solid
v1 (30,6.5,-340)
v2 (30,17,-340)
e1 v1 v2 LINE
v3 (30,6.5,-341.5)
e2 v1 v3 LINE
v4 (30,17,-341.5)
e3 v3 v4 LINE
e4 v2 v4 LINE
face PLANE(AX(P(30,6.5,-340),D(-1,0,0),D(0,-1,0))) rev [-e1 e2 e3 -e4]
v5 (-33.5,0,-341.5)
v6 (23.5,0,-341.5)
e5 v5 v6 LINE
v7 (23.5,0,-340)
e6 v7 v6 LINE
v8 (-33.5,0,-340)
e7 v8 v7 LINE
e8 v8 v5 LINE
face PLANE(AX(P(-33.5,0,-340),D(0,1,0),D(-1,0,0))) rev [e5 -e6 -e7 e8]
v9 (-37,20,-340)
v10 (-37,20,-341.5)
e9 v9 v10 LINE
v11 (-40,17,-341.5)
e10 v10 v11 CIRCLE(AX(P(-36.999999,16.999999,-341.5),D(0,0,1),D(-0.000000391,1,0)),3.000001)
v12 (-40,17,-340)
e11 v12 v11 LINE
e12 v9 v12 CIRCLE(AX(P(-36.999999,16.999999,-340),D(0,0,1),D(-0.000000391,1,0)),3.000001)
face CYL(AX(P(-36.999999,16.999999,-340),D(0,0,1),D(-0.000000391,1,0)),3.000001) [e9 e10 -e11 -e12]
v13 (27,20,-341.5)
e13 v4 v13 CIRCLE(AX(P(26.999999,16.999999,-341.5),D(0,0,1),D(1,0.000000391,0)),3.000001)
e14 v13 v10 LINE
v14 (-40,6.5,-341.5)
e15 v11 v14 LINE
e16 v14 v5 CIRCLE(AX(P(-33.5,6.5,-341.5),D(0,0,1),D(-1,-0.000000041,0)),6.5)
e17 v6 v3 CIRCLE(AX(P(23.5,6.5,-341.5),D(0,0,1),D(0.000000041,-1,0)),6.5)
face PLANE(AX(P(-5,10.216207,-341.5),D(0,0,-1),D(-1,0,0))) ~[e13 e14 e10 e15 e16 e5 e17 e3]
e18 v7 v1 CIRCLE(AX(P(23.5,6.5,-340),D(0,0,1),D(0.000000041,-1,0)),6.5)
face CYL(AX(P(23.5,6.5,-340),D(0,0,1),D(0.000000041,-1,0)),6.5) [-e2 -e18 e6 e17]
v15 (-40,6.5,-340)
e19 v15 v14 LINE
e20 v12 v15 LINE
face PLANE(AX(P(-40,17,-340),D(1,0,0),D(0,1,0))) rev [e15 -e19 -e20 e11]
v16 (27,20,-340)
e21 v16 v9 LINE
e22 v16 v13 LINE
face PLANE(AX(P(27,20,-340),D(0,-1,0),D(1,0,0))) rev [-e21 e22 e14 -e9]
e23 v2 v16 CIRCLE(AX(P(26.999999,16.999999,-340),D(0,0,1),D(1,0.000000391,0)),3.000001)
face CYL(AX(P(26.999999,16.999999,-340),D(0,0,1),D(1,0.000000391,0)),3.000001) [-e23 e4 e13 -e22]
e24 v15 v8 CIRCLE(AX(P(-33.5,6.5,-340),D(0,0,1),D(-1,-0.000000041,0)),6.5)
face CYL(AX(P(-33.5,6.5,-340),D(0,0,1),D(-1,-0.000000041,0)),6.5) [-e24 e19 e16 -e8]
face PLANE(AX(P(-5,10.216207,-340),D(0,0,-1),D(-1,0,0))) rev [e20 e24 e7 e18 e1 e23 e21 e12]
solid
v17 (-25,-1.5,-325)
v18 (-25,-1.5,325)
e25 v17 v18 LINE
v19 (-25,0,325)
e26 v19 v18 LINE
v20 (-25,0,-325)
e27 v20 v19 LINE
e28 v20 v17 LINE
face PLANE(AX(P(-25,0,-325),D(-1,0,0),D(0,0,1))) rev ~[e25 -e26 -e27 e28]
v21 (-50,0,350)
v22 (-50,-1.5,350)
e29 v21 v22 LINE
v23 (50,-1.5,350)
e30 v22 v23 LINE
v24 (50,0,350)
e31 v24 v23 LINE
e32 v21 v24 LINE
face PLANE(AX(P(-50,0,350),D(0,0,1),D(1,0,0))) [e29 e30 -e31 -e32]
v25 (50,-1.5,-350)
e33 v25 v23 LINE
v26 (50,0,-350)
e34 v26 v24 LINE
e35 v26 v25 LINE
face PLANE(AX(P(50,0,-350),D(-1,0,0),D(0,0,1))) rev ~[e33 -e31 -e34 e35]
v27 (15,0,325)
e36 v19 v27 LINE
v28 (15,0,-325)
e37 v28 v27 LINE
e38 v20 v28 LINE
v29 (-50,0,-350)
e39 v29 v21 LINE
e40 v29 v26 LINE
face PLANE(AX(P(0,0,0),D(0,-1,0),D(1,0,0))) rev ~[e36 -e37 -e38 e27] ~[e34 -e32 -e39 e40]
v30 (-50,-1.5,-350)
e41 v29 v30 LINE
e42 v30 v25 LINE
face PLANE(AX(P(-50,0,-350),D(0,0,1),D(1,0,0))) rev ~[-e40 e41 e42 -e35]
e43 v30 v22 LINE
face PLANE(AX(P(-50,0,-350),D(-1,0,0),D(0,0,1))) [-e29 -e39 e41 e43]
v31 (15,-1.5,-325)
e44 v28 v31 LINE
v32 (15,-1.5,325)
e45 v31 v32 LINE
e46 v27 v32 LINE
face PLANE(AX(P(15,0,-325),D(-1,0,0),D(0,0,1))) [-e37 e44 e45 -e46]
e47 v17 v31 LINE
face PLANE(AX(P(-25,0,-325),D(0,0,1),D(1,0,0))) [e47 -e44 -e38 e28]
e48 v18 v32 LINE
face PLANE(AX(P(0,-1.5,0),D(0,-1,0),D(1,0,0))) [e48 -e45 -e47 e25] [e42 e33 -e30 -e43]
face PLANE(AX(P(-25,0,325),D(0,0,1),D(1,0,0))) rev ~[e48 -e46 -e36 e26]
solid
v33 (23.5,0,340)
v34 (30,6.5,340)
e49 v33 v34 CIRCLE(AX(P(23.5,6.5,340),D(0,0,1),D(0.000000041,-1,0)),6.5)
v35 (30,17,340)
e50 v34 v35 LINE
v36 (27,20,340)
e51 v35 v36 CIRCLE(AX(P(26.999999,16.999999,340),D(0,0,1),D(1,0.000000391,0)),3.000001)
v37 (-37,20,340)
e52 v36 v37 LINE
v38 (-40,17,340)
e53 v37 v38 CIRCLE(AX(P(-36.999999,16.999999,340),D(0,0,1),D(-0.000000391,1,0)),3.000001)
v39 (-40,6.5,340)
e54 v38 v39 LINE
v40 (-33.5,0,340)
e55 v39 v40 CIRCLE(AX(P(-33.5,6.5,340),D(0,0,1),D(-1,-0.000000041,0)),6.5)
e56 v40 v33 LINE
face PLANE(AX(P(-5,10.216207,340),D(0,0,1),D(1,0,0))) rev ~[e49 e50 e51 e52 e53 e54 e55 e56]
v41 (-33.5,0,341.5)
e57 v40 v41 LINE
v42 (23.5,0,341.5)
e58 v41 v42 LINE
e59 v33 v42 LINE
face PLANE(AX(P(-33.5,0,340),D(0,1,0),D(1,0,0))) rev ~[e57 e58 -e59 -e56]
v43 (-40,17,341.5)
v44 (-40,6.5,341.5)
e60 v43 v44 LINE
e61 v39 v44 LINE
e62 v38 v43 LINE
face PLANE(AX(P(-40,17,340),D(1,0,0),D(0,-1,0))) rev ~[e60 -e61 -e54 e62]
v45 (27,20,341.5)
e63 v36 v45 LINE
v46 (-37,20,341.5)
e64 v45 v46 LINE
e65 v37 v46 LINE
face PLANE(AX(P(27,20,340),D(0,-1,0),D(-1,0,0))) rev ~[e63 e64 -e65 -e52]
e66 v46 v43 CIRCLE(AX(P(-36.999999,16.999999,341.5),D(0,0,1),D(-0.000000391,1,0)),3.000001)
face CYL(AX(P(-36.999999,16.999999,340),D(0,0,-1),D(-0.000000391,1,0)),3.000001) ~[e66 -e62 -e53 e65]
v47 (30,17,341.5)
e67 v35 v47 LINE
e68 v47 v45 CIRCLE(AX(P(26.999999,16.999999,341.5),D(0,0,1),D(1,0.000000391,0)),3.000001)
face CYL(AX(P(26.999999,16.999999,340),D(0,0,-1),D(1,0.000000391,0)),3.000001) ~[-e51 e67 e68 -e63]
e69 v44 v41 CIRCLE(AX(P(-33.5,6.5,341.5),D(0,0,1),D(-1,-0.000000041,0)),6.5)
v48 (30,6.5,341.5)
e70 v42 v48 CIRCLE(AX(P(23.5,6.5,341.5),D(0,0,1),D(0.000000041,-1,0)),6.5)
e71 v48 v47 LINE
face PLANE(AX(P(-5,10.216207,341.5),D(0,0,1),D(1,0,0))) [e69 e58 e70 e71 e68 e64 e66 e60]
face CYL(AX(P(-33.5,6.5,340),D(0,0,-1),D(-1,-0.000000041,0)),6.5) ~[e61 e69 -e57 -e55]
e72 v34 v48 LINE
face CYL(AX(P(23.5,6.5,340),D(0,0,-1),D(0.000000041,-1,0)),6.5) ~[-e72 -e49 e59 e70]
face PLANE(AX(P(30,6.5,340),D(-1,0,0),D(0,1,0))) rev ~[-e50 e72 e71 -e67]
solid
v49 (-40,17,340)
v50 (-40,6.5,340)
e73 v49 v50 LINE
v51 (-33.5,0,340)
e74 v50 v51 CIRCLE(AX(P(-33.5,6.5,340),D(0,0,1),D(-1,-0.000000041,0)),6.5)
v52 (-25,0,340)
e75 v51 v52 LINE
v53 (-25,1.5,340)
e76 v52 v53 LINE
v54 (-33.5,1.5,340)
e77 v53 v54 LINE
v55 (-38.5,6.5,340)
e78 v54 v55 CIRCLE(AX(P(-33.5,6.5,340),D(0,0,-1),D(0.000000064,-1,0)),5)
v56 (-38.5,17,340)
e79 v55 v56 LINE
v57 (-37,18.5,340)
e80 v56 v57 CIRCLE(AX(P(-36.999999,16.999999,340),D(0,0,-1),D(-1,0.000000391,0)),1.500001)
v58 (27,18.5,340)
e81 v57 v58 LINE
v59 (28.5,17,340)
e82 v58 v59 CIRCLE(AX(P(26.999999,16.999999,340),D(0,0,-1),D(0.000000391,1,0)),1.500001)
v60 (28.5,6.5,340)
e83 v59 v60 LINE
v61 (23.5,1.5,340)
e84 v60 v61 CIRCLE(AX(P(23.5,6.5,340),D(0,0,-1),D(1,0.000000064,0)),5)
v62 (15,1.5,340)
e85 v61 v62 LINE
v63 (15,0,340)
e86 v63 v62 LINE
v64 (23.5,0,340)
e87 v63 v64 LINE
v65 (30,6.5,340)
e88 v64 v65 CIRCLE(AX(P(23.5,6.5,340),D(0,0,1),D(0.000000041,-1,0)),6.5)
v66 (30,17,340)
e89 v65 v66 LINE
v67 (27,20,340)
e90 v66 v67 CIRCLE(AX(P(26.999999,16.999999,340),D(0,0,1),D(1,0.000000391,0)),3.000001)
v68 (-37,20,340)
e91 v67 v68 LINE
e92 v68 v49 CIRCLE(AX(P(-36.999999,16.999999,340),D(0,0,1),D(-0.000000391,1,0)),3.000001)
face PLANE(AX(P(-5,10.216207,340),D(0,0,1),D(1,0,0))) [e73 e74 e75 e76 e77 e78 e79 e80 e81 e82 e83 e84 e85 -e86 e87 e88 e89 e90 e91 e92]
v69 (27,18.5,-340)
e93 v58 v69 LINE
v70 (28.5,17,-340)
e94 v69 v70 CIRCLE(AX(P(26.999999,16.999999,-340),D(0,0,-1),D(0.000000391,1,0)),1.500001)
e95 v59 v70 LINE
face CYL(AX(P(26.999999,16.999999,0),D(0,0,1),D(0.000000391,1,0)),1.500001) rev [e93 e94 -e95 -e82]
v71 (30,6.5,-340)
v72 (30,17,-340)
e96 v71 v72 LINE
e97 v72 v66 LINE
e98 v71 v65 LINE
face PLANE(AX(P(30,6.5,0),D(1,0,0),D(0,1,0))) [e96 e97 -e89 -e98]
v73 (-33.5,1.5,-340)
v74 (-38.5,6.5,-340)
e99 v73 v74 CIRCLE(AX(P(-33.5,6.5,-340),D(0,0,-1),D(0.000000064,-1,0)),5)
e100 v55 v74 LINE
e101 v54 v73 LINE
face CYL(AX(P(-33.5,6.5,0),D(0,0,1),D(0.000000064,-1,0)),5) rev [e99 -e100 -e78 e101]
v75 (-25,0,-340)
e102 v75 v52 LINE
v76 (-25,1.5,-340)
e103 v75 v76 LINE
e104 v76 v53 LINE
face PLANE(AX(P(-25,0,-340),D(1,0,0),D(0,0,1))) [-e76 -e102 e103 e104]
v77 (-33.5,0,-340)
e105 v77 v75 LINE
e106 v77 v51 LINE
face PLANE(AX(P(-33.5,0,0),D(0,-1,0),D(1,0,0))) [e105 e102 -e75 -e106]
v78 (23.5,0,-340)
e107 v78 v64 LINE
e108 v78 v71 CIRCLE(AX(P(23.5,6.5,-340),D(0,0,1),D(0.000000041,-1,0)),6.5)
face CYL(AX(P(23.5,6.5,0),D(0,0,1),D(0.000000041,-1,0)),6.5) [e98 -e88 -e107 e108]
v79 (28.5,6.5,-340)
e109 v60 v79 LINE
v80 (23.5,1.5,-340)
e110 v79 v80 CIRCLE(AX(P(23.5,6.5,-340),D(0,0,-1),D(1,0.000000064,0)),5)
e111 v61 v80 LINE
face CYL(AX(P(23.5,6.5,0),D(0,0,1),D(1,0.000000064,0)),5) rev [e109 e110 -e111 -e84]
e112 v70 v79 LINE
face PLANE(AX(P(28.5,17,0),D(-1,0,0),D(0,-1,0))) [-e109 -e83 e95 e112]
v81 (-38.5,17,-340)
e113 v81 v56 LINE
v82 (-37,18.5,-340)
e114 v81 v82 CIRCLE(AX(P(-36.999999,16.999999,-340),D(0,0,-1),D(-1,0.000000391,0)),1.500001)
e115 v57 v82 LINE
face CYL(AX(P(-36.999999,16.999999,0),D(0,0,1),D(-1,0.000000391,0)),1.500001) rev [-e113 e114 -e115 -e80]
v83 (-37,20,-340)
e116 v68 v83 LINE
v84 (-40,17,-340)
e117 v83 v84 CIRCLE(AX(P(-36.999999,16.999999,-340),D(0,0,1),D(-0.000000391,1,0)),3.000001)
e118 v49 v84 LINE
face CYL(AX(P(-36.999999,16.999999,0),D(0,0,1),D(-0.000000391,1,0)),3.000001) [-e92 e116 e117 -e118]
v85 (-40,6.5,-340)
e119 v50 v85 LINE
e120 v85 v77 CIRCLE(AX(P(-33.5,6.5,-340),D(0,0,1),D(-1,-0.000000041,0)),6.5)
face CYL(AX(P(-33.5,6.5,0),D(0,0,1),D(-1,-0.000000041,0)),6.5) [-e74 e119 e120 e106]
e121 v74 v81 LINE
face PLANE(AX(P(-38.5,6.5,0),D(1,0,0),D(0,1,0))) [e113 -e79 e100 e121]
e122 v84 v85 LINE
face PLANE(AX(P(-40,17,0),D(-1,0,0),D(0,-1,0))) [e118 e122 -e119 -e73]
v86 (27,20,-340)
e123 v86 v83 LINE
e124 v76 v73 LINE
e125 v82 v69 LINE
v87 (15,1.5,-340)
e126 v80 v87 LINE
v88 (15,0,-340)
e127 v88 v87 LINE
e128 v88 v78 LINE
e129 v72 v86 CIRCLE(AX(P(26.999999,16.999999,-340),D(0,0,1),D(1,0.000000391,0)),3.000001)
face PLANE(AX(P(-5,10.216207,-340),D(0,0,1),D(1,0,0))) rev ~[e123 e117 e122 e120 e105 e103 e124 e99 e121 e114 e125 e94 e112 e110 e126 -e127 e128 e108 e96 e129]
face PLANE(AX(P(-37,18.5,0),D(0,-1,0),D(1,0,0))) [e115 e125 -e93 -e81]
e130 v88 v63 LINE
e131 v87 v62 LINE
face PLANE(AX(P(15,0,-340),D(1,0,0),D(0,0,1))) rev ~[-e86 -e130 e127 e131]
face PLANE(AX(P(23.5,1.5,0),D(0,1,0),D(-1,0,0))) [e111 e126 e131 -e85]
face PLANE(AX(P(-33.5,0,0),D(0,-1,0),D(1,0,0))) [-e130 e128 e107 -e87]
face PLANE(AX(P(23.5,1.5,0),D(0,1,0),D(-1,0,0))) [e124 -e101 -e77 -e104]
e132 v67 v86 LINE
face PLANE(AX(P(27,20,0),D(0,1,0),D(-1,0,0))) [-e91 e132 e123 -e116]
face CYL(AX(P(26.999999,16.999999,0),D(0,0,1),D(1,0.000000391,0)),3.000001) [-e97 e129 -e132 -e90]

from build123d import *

# Parameters (mm, degrees)
F0_W     = 100
F0_H     = 700
F0_W_2   = 40
F0_H_2   = 650
F1_DEPTH = 1.5
F3_DEPTH = 340
F4_W     = 40
F4_H     = 680
F5_DEPTH = 1.5
F7_DEPTH = 1.5


with BuildPart() as f1:
    # F0 (on Front) → F1 (new body)
    with BuildSketch(Plane.XZ):
        Rectangle(F0_W, F0_H)
        with Locations((-5, 0)):
            Rectangle(F0_W_2, F0_H_2, mode=Mode.SUBTRACT)
    extrude(amount=F1_DEPTH)


with BuildPart() as f3:
    # F2 (on Top) → F3 (new body, symmetric)
    with BuildSketch(Plane.XY):
        with BuildLine():
            ThreePointArc((-40, 6.5), (-38.096194, 1.903806), (-33.5, 0))
            Line((-33.5, 0), (23.5, 0))
            ThreePointArc((23.5, 0), (28.096194, 1.903806), (30, 6.5))
            Line((30, 6.5), (30, 17))
            ThreePointArc((30, 17), (29.12132, 19.12132), (27, 20))
            Line((27, 20), (-37, 20))
            ThreePointArc((-37, 20), (-39.12132, 19.12132), (-40, 17))
            Line((-40, 17), (-40, 6.5))
        make_face()
        with BuildLine():
            ThreePointArc((-38.5, 17), (-38.06066, 18.06066), (-37, 18.5))
            Line((-37, 18.5), (27, 18.5))
            ThreePointArc((27, 18.5), (28.06066, 18.06066), (28.5, 17))
            Line((28.5, 17), (28.5, 6.5))
            ThreePointArc((28.5, 6.5), (27.035534, 2.964466), (23.5, 1.5))
            Line((23.5, 1.5), (-33.5, 1.5))
            ThreePointArc((-33.5, 1.5), (-37.035534, 2.964466), (-38.5, 6.5))
            Line((-38.5, 6.5), (-38.5, 17))
        make_face(mode=Mode.SUBTRACT)
    extrude(amount=F3_DEPTH, both=True)

    # F4 (on face) → F5 (cut, through all)
    with BuildSketch(Plane.XZ):
        with Locations((-5, 0)):
            Rectangle(F4_W, F4_H)
    extrude(amount=-F5_DEPTH, mode=Mode.SUBTRACT)


with BuildPart() as f7:
    # F6 (on face) → F7 (new body)
    with BuildSketch(Plane.XY.offset(340)):
        with BuildLine():
            Line((27, 20), (-37, 20))
            ThreePointArc((-37, 20), (-39.12132, 19.12132), (-40, 17))
            Line((-40, 17), (-40, 6.5))
            ThreePointArc((-40, 6.5), (-38.096194, 1.903806), (-33.5, 0))
            Line((-33.5, 0), (23.5, 0))
            ThreePointArc((23.5, 0), (28.096194, 1.903806), (30, 6.5))
            Line((30, 6.5), (30, 17))
            ThreePointArc((30, 17), (29.12132, 19.12132), (27, 20))
        make_face()
    extrude(amount=F7_DEPTH)


with BuildPart() as f8_1:
    # F8: instance of F7
    add(f7.part.mirror(Plane.XY))


solid = Compound([f1.part, f3.part, f7.part, f8_1.part])
